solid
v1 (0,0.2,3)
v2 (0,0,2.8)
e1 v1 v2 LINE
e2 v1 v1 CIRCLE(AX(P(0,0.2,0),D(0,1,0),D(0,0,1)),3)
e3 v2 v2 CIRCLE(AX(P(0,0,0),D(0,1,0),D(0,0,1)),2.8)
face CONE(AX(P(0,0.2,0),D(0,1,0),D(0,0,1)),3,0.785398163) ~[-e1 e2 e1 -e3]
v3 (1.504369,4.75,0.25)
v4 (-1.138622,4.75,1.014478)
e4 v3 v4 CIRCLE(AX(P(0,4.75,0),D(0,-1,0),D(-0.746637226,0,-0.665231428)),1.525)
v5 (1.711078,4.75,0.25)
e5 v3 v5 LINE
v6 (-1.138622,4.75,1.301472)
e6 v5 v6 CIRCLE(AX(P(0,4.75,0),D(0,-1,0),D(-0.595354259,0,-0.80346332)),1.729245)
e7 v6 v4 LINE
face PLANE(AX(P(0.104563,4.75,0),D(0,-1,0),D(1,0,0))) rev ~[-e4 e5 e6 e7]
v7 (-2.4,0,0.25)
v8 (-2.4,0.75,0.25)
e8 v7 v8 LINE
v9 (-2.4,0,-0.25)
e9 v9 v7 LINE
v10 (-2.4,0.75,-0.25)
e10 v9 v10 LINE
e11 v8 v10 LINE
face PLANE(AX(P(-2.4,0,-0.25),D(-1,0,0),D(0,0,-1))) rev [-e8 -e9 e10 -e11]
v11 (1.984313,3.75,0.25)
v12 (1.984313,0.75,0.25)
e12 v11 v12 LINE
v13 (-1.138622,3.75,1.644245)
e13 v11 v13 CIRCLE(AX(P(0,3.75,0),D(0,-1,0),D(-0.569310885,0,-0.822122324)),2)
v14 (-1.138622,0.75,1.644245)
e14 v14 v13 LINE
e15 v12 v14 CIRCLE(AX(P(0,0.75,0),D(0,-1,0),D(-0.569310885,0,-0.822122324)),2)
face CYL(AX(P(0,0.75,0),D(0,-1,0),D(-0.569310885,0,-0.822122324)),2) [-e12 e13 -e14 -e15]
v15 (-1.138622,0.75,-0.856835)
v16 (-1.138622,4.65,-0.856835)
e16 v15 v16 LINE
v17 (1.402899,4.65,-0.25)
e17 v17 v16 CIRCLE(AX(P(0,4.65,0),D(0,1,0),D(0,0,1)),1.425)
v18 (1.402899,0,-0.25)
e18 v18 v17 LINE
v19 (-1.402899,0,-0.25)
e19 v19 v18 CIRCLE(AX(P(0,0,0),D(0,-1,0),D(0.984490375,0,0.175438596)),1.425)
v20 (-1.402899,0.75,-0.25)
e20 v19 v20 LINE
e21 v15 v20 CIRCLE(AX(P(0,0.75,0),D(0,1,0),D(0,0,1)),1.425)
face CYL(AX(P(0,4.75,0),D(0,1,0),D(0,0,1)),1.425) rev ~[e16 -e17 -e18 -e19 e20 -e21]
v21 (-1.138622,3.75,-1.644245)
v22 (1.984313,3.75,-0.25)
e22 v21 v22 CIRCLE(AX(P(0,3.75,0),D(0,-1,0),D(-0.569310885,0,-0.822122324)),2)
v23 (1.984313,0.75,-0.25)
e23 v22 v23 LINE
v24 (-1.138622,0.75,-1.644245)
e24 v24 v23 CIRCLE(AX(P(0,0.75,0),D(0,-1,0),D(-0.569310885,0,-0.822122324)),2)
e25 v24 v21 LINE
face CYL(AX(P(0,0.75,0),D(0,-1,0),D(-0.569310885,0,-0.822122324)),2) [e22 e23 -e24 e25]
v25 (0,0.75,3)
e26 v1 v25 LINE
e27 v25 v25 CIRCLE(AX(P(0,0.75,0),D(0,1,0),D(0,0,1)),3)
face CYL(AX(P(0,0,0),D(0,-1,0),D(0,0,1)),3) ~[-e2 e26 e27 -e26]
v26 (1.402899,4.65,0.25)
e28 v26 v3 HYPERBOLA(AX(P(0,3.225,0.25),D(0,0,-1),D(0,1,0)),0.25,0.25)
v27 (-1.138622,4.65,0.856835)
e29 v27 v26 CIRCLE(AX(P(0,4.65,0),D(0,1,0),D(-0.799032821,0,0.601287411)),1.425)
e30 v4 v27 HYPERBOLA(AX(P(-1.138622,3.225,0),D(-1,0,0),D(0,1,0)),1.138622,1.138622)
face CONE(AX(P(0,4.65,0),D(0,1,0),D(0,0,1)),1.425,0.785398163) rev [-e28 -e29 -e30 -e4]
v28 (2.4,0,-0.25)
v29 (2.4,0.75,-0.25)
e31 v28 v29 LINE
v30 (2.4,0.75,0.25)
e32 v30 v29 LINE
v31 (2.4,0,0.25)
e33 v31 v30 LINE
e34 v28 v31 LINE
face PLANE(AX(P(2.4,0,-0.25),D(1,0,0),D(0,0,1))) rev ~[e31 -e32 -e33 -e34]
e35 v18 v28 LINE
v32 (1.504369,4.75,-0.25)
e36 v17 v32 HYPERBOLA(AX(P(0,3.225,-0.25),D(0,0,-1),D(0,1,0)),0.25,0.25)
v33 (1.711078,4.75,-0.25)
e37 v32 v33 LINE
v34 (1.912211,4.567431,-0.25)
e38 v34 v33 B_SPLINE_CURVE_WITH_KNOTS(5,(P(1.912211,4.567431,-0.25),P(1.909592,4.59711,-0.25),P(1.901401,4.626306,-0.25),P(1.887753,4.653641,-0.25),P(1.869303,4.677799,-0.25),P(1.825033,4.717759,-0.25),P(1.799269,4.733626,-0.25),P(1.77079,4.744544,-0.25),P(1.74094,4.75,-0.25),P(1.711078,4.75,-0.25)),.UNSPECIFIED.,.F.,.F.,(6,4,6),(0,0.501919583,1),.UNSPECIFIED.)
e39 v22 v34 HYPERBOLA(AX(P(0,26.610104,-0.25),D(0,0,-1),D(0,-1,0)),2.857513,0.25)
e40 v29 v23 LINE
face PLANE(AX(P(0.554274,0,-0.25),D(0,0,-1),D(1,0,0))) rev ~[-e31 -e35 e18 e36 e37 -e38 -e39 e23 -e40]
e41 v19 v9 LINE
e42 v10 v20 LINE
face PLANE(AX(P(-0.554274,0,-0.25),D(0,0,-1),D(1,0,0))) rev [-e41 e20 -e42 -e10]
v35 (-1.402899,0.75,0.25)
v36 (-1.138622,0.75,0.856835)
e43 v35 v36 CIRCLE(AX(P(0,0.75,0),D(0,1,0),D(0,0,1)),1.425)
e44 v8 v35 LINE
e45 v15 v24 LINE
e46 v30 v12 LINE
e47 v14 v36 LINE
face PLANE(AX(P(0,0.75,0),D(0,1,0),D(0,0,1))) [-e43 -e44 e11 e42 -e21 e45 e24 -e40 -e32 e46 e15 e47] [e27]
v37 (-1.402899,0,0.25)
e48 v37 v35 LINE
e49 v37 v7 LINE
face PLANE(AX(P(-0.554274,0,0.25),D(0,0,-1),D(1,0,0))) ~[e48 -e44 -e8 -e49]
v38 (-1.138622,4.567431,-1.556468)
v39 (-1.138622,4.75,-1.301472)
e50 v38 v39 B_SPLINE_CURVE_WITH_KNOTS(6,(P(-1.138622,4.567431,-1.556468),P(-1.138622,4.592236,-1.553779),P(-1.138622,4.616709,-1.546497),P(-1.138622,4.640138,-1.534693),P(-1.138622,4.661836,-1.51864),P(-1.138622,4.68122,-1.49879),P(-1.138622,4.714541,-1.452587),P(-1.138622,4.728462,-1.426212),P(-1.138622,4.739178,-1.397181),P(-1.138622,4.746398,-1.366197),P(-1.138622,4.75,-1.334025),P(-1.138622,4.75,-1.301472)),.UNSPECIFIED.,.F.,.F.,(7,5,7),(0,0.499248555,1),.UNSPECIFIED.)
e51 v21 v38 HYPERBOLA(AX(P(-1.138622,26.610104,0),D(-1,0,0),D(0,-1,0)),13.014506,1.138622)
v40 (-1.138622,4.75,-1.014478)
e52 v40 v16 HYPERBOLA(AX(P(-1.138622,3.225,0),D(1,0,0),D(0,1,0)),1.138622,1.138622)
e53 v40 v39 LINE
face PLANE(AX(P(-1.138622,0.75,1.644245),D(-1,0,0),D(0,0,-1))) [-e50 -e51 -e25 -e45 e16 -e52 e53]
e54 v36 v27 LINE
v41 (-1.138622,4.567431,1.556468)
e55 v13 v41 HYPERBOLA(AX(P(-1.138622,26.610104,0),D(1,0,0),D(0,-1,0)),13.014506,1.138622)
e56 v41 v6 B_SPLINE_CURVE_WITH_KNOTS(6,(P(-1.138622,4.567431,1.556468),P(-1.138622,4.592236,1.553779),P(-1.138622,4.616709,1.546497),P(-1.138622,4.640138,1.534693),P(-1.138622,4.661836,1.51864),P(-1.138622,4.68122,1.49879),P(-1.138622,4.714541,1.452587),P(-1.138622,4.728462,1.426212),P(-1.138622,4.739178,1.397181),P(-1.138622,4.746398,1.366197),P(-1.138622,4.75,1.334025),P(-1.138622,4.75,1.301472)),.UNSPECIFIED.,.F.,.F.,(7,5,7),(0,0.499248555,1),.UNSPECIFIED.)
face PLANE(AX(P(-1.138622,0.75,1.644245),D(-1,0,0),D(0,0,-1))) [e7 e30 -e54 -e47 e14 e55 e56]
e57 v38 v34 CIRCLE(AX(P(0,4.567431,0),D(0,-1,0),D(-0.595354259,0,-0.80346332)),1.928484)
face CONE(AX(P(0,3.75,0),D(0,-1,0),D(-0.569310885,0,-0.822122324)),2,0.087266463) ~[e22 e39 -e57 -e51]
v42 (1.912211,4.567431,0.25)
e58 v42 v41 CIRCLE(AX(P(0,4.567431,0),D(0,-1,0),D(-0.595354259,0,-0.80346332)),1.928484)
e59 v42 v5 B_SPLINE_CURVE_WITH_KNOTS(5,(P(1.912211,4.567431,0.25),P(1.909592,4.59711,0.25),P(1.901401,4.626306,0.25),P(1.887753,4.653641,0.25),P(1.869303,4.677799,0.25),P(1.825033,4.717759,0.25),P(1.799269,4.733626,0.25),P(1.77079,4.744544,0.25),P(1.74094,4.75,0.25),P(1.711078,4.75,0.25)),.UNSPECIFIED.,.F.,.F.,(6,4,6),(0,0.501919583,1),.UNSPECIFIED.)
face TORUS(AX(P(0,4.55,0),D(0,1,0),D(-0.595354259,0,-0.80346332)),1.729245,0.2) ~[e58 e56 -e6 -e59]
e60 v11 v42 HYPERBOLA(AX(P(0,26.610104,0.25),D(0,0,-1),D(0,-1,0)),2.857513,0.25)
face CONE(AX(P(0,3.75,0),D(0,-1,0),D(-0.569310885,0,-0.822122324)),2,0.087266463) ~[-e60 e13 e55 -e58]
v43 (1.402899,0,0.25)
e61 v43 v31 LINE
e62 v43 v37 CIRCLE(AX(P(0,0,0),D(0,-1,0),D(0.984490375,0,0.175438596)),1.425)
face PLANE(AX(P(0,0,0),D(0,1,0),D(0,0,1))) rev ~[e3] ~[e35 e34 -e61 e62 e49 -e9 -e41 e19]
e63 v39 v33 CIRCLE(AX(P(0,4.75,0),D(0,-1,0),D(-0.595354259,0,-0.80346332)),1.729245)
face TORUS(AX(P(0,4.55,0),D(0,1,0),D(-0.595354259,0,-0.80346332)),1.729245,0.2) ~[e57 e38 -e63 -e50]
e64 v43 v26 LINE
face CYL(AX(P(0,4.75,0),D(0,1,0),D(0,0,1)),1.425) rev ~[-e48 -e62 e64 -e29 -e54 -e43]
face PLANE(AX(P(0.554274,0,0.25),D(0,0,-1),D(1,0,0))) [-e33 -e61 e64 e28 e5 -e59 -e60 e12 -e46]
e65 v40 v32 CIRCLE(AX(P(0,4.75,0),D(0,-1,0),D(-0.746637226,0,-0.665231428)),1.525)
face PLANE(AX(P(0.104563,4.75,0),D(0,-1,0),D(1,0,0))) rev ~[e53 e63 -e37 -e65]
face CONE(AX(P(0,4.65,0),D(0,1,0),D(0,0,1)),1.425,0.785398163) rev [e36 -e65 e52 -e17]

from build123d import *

# Parameters (mm, degrees)
SKETCH2_R             = 3
BOSS_EXTRUDE2_DEPTH   = 0.75
BOSS_EXTRUDE3_DEPTH   = 4
CROQUIS1_R            = 1.425
CORTAR_EXTRUIR1_DEPTH = 7.368869601
CHAFL_N1_SIZE         = 0.2
CHAFL_N2_SIZE         = 1
CHAFL_N2_SIZE2        = 0.087488664
CHAFL_N3_SIZE         = 0.1
REDONDEO1_R           = 0.2
CROQUIS2_W            = 1.845726181
CROQUIS2_H            = 0.5
CORTAR_EXTRUIR2_DEPTH = 7.368869676


with BuildPart() as part:
    # Sketch2 → Boss-Extrude2 (new body)
    with BuildSketch(Plane(origin=(0, 0, 0), x_dir=(-1, 0, 0), z_dir=(0, 1, 0))):
        with Locations(Location((0, 0, 0), (0, 0, 90))):
            Circle(SKETCH2_R)
    extrude(amount=BOSS_EXTRUDE2_DEPTH)

    # Sketch3 → Boss-Extrude3 (add)
    with BuildSketch(Plane(origin=(0, 0.75, 0), x_dir=(-1, 0, 0), z_dir=(0, 1, 0))):
        with BuildLine():
            Line((1.13862177, 1.644244649), (1.13862177, -1.644244649))
            ThreePointArc((1.13862177, -1.644244649), (-2, 0), (1.13862177, 1.644244649))
        make_face()
    extrude(amount=BOSS_EXTRUDE3_DEPTH)

    # Croquis1 → Cortar-Extruir1 (cut, through all)
    with BuildSketch(Plane(origin=(0, 4.75, 0), x_dir=(1, 0, 0), z_dir=(0, 1, 0))):
        with Locations(Location((0, 0, 0), (0, 0, 270))):
            Circle(CROQUIS1_R)
    extrude(amount=-CORTAR_EXTRUIR1_DEPTH, mode=Mode.SUBTRACT)

    # Chaflán1
    chafl_n1_edges = [part.edges().sort_by_distance(p)[0] for p in [
        (0, 0, -3),
    ]]
    chamfer(chafl_n1_edges, length=CHAFL_N1_SIZE)

    # Chaflán2
    chafl_n2_edges = [part.edges().sort_by_distance(p)[0] for p in [
        (2, 4.75, 0),
    ]]
    chafl_n2_side = [part.faces().sort_by_distance(p)[0] for p in [
        (2, 2.75, 0),
    ]]
    chamfer(chafl_n2_edges, length=CHAFL_N2_SIZE, length2=CHAFL_N2_SIZE2, reference=chafl_n2_side[0])

    # Chaflán3
    chafl_n3_edges = [part.edges().sort_by_distance(p)[0] for p in [
        (1.275071419, 4.75, -0.636252996),
    ]]
    chamfer(chafl_n3_edges, length=CHAFL_N3_SIZE)

    # Redondeo1
    redondeo1_edges = [part.edges().sort_by_distance(p)[0] for p in [
        (1.912511336, 4.75, 0),
    ]]
    fillet(redondeo1_edges, radius=REDONDEO1_R)

    # Croquis2 → Cortar-Extruir2 (cut, through all)
    with BuildSketch(Plane.XZ):
        with Locations((1.47713691, 0)):
            Rectangle(CROQUIS2_W, CROQUIS2_H)
    cortar_extruir2 = extrude(amount=-CORTAR_EXTRUIR2_DEPTH, mode=Mode.SUBTRACT)

    # Simetría1: Cortar-Extruir2 across plane
    add(cortar_extruir2.mirror(Plane(origin=(0, 0, 0), x_dir=(0, 0, 1), z_dir=(1, 0, 0))), mode=Mode.SUBTRACT)


solid = part.part
